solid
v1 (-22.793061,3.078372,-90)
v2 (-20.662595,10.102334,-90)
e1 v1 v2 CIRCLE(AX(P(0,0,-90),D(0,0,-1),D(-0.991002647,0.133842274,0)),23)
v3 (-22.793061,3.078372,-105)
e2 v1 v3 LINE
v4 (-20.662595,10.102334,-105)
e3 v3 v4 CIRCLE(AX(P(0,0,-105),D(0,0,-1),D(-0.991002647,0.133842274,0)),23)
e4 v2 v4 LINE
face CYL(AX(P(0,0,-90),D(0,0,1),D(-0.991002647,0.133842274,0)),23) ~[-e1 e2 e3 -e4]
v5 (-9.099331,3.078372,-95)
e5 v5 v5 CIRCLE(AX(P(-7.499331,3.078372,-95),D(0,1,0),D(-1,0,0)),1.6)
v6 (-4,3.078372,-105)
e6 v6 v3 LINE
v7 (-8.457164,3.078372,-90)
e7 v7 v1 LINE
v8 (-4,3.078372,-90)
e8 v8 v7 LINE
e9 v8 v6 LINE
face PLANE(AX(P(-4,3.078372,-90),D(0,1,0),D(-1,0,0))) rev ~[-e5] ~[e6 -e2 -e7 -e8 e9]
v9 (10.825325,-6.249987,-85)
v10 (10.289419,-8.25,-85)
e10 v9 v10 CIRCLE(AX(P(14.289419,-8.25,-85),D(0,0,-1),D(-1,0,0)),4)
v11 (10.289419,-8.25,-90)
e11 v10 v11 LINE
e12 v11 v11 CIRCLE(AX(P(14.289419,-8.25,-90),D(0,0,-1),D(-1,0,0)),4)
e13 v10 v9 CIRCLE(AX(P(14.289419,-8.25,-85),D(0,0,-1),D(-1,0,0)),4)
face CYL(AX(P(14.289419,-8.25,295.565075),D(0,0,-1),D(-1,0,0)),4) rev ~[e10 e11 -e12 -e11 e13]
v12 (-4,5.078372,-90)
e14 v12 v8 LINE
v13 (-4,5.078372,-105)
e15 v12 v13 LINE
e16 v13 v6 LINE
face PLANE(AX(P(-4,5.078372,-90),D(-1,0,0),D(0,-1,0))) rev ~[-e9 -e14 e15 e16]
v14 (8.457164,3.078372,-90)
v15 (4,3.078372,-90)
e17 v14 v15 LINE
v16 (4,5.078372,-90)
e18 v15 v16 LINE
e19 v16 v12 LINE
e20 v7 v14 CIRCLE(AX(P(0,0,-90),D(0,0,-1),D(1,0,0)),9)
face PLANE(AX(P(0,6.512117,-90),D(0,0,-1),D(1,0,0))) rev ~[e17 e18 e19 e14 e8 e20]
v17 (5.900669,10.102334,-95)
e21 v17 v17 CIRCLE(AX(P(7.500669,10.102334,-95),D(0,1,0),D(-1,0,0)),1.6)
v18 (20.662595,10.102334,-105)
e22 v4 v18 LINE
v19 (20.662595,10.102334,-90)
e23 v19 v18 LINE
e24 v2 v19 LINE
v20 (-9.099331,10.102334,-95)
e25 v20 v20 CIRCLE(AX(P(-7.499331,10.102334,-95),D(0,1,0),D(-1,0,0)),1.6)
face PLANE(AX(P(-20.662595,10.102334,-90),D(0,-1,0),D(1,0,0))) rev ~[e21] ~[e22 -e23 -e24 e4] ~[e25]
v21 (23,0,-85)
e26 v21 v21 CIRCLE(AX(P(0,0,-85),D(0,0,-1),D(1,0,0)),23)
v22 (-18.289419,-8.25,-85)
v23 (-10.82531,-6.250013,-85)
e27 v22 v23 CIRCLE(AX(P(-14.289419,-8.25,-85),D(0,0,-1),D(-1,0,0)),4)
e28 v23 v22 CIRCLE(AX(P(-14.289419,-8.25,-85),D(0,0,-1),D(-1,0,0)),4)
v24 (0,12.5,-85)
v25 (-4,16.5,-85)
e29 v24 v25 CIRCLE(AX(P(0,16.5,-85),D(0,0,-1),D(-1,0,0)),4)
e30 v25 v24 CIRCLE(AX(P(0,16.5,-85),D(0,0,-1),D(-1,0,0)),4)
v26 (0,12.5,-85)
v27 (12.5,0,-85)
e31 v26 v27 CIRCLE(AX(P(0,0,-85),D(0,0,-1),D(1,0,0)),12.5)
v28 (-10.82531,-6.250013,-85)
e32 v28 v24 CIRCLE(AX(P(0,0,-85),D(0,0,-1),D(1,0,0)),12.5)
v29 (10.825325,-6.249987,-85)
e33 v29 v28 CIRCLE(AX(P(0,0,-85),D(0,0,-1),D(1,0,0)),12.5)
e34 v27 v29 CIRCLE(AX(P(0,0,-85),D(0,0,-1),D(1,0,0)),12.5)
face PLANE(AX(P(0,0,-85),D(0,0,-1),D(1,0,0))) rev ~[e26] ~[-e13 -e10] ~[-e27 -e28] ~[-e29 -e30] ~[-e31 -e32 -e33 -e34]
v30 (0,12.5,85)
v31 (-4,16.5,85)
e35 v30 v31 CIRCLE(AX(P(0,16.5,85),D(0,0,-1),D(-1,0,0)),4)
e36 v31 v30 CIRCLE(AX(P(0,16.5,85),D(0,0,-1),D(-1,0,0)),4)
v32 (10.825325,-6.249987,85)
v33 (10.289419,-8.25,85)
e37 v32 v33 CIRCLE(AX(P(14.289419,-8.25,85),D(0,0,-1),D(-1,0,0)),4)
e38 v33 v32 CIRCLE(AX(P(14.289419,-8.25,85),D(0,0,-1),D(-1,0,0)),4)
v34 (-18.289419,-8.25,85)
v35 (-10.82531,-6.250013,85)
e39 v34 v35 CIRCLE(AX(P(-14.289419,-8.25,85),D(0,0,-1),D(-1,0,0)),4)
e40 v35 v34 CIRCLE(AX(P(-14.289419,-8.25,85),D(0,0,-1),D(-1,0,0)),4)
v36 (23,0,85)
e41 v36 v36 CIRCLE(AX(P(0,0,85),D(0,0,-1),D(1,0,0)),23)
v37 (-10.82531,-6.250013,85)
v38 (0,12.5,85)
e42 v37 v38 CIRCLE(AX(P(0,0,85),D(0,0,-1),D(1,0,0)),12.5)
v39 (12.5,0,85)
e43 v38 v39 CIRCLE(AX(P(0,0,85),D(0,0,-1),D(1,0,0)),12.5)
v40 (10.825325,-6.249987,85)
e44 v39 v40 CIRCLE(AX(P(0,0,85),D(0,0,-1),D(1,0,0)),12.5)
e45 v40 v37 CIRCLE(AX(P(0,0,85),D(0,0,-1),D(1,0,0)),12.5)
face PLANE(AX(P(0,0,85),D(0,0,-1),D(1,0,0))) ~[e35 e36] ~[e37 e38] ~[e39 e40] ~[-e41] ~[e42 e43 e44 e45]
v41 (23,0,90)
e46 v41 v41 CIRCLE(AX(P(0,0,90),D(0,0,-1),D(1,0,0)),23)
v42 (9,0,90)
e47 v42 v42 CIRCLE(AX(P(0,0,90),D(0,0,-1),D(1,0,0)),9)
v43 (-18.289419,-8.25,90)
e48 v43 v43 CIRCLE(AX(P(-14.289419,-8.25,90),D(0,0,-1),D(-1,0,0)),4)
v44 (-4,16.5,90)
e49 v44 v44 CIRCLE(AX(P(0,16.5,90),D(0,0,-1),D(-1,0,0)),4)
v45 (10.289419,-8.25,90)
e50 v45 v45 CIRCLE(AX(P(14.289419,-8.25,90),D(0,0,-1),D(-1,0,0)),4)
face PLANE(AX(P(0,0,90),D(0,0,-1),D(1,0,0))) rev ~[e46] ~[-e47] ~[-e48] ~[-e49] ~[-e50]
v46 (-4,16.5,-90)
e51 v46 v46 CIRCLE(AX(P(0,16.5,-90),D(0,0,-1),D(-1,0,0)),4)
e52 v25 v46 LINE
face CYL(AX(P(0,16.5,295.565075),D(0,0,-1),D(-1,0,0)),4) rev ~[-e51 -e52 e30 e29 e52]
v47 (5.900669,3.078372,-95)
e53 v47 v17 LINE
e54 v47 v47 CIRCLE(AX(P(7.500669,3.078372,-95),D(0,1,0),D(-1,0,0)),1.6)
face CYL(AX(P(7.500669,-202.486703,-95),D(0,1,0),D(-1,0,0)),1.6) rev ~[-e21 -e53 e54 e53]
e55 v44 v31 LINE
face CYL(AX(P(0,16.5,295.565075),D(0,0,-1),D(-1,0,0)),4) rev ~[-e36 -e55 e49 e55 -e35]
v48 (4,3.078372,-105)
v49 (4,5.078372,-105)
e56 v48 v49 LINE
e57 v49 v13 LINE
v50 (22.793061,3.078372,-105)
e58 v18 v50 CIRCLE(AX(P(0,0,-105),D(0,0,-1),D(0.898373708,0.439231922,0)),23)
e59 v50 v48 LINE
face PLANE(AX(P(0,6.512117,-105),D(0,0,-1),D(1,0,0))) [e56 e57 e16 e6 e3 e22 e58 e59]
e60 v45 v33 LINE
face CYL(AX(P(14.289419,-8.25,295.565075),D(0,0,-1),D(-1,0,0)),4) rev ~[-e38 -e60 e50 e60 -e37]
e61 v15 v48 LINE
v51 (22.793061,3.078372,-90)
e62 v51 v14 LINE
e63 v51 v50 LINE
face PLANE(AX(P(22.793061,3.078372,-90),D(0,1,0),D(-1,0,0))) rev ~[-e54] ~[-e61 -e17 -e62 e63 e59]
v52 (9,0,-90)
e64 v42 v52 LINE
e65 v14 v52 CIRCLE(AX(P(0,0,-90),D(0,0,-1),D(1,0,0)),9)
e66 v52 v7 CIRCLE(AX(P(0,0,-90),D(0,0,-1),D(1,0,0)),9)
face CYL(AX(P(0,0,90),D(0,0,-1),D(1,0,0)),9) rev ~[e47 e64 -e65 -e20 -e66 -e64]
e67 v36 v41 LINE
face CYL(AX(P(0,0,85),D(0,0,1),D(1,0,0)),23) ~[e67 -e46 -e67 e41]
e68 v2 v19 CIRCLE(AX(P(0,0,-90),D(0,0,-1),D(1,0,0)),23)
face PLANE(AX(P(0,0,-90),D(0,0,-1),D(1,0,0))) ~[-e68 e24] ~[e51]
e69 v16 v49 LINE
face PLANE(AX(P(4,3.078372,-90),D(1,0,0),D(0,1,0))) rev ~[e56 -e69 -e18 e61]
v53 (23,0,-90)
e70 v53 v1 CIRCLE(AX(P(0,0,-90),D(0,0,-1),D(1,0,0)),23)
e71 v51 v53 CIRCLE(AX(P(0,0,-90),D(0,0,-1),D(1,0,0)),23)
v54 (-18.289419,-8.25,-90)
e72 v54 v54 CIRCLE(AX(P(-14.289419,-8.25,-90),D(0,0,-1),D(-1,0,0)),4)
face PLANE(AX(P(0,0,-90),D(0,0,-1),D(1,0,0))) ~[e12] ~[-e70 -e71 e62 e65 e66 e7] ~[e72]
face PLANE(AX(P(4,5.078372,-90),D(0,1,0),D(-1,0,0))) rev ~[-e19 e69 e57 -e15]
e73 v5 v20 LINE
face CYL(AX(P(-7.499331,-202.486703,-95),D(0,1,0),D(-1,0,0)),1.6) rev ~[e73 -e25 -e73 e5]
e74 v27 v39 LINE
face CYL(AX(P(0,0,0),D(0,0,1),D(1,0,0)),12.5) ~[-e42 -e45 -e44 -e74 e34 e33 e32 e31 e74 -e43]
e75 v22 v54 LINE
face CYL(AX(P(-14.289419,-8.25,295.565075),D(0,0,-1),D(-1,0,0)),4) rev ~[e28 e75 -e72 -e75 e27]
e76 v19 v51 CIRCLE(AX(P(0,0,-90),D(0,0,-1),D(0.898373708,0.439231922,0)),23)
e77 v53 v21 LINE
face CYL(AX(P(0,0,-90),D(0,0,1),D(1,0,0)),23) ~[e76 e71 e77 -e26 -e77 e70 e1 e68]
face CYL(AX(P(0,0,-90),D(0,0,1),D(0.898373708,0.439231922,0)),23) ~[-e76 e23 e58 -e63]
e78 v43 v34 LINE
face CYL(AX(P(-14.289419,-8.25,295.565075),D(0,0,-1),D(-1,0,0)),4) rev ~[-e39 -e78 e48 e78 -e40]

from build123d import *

# Parameters (mm, degrees)
F0_W     = 3.5
F0_H     = 170
F3_DEPTH = 15
F5_D     = 3.2
F7_D     = 8


with BuildPart() as f1:
    # F0 (on Front) → F1 (revolve)
    with BuildSketch(Plane.XZ):
        with Locations((10.75, 0)):
            Rectangle(F0_W, F0_H)
        Polygon((9, 90), (9, 85), (12.5, 85), (23, 85), (23, 90), align=None)
        Polygon((12.5, -85), (9, -85), (9, -90), (23, -90), (23, -85), align=None)
    revolve(axis=Axis((0, 0, 0), (0, 0, -1)))

    # F2 (on face) → F3 (join)
    with BuildSketch(Plane(origin=(0, 0, -90), x_dir=(1, 0, 0), z_dir=(0, 0, -1))):
        with BuildLine():
            ThreePointArc((-22.793060873, -3.0783723037), (-22.0098278753, -6.6758877236), (-20.6625952799, -10.1023342006))
            Line((-20.6625952799, -10.1023342006), (20.6625952799, -10.1023342006))
            ThreePointArc((20.6625952799, -10.1023342006), (22.0098278753, -6.6758877236), (22.793060873, -3.0783723037))
            Line((22.793060873, -3.0783723037), (4, -3.0783723037))
            Line((4, -3.0783723037), (4, -5.0783723037))
            Line((4, -5.0783723037), (-4, -5.0783723037))
            Line((-4, -5.0783723037), (-4, -3.0783723037))
            Line((-4, -3.0783723037), (-22.793060873, -3.0783723037))
        make_face()
    extrude(amount=F3_DEPTH)

    # F5 (through all)
    with Locations(Plane.XZ.offset(-3.0783723037)):
        with Locations((-7.4993308043, -95), (7.5006691957, -95)):
            Hole(F5_D / 2)

    # F7 (through all)
    with Locations(Plane.XY.offset(90)):
        with Locations((-14.2894191624, -8.25), (0, 16.5), (14.2894191624, -8.25)):
            Hole(F7_D / 2)


solid = f1.part
